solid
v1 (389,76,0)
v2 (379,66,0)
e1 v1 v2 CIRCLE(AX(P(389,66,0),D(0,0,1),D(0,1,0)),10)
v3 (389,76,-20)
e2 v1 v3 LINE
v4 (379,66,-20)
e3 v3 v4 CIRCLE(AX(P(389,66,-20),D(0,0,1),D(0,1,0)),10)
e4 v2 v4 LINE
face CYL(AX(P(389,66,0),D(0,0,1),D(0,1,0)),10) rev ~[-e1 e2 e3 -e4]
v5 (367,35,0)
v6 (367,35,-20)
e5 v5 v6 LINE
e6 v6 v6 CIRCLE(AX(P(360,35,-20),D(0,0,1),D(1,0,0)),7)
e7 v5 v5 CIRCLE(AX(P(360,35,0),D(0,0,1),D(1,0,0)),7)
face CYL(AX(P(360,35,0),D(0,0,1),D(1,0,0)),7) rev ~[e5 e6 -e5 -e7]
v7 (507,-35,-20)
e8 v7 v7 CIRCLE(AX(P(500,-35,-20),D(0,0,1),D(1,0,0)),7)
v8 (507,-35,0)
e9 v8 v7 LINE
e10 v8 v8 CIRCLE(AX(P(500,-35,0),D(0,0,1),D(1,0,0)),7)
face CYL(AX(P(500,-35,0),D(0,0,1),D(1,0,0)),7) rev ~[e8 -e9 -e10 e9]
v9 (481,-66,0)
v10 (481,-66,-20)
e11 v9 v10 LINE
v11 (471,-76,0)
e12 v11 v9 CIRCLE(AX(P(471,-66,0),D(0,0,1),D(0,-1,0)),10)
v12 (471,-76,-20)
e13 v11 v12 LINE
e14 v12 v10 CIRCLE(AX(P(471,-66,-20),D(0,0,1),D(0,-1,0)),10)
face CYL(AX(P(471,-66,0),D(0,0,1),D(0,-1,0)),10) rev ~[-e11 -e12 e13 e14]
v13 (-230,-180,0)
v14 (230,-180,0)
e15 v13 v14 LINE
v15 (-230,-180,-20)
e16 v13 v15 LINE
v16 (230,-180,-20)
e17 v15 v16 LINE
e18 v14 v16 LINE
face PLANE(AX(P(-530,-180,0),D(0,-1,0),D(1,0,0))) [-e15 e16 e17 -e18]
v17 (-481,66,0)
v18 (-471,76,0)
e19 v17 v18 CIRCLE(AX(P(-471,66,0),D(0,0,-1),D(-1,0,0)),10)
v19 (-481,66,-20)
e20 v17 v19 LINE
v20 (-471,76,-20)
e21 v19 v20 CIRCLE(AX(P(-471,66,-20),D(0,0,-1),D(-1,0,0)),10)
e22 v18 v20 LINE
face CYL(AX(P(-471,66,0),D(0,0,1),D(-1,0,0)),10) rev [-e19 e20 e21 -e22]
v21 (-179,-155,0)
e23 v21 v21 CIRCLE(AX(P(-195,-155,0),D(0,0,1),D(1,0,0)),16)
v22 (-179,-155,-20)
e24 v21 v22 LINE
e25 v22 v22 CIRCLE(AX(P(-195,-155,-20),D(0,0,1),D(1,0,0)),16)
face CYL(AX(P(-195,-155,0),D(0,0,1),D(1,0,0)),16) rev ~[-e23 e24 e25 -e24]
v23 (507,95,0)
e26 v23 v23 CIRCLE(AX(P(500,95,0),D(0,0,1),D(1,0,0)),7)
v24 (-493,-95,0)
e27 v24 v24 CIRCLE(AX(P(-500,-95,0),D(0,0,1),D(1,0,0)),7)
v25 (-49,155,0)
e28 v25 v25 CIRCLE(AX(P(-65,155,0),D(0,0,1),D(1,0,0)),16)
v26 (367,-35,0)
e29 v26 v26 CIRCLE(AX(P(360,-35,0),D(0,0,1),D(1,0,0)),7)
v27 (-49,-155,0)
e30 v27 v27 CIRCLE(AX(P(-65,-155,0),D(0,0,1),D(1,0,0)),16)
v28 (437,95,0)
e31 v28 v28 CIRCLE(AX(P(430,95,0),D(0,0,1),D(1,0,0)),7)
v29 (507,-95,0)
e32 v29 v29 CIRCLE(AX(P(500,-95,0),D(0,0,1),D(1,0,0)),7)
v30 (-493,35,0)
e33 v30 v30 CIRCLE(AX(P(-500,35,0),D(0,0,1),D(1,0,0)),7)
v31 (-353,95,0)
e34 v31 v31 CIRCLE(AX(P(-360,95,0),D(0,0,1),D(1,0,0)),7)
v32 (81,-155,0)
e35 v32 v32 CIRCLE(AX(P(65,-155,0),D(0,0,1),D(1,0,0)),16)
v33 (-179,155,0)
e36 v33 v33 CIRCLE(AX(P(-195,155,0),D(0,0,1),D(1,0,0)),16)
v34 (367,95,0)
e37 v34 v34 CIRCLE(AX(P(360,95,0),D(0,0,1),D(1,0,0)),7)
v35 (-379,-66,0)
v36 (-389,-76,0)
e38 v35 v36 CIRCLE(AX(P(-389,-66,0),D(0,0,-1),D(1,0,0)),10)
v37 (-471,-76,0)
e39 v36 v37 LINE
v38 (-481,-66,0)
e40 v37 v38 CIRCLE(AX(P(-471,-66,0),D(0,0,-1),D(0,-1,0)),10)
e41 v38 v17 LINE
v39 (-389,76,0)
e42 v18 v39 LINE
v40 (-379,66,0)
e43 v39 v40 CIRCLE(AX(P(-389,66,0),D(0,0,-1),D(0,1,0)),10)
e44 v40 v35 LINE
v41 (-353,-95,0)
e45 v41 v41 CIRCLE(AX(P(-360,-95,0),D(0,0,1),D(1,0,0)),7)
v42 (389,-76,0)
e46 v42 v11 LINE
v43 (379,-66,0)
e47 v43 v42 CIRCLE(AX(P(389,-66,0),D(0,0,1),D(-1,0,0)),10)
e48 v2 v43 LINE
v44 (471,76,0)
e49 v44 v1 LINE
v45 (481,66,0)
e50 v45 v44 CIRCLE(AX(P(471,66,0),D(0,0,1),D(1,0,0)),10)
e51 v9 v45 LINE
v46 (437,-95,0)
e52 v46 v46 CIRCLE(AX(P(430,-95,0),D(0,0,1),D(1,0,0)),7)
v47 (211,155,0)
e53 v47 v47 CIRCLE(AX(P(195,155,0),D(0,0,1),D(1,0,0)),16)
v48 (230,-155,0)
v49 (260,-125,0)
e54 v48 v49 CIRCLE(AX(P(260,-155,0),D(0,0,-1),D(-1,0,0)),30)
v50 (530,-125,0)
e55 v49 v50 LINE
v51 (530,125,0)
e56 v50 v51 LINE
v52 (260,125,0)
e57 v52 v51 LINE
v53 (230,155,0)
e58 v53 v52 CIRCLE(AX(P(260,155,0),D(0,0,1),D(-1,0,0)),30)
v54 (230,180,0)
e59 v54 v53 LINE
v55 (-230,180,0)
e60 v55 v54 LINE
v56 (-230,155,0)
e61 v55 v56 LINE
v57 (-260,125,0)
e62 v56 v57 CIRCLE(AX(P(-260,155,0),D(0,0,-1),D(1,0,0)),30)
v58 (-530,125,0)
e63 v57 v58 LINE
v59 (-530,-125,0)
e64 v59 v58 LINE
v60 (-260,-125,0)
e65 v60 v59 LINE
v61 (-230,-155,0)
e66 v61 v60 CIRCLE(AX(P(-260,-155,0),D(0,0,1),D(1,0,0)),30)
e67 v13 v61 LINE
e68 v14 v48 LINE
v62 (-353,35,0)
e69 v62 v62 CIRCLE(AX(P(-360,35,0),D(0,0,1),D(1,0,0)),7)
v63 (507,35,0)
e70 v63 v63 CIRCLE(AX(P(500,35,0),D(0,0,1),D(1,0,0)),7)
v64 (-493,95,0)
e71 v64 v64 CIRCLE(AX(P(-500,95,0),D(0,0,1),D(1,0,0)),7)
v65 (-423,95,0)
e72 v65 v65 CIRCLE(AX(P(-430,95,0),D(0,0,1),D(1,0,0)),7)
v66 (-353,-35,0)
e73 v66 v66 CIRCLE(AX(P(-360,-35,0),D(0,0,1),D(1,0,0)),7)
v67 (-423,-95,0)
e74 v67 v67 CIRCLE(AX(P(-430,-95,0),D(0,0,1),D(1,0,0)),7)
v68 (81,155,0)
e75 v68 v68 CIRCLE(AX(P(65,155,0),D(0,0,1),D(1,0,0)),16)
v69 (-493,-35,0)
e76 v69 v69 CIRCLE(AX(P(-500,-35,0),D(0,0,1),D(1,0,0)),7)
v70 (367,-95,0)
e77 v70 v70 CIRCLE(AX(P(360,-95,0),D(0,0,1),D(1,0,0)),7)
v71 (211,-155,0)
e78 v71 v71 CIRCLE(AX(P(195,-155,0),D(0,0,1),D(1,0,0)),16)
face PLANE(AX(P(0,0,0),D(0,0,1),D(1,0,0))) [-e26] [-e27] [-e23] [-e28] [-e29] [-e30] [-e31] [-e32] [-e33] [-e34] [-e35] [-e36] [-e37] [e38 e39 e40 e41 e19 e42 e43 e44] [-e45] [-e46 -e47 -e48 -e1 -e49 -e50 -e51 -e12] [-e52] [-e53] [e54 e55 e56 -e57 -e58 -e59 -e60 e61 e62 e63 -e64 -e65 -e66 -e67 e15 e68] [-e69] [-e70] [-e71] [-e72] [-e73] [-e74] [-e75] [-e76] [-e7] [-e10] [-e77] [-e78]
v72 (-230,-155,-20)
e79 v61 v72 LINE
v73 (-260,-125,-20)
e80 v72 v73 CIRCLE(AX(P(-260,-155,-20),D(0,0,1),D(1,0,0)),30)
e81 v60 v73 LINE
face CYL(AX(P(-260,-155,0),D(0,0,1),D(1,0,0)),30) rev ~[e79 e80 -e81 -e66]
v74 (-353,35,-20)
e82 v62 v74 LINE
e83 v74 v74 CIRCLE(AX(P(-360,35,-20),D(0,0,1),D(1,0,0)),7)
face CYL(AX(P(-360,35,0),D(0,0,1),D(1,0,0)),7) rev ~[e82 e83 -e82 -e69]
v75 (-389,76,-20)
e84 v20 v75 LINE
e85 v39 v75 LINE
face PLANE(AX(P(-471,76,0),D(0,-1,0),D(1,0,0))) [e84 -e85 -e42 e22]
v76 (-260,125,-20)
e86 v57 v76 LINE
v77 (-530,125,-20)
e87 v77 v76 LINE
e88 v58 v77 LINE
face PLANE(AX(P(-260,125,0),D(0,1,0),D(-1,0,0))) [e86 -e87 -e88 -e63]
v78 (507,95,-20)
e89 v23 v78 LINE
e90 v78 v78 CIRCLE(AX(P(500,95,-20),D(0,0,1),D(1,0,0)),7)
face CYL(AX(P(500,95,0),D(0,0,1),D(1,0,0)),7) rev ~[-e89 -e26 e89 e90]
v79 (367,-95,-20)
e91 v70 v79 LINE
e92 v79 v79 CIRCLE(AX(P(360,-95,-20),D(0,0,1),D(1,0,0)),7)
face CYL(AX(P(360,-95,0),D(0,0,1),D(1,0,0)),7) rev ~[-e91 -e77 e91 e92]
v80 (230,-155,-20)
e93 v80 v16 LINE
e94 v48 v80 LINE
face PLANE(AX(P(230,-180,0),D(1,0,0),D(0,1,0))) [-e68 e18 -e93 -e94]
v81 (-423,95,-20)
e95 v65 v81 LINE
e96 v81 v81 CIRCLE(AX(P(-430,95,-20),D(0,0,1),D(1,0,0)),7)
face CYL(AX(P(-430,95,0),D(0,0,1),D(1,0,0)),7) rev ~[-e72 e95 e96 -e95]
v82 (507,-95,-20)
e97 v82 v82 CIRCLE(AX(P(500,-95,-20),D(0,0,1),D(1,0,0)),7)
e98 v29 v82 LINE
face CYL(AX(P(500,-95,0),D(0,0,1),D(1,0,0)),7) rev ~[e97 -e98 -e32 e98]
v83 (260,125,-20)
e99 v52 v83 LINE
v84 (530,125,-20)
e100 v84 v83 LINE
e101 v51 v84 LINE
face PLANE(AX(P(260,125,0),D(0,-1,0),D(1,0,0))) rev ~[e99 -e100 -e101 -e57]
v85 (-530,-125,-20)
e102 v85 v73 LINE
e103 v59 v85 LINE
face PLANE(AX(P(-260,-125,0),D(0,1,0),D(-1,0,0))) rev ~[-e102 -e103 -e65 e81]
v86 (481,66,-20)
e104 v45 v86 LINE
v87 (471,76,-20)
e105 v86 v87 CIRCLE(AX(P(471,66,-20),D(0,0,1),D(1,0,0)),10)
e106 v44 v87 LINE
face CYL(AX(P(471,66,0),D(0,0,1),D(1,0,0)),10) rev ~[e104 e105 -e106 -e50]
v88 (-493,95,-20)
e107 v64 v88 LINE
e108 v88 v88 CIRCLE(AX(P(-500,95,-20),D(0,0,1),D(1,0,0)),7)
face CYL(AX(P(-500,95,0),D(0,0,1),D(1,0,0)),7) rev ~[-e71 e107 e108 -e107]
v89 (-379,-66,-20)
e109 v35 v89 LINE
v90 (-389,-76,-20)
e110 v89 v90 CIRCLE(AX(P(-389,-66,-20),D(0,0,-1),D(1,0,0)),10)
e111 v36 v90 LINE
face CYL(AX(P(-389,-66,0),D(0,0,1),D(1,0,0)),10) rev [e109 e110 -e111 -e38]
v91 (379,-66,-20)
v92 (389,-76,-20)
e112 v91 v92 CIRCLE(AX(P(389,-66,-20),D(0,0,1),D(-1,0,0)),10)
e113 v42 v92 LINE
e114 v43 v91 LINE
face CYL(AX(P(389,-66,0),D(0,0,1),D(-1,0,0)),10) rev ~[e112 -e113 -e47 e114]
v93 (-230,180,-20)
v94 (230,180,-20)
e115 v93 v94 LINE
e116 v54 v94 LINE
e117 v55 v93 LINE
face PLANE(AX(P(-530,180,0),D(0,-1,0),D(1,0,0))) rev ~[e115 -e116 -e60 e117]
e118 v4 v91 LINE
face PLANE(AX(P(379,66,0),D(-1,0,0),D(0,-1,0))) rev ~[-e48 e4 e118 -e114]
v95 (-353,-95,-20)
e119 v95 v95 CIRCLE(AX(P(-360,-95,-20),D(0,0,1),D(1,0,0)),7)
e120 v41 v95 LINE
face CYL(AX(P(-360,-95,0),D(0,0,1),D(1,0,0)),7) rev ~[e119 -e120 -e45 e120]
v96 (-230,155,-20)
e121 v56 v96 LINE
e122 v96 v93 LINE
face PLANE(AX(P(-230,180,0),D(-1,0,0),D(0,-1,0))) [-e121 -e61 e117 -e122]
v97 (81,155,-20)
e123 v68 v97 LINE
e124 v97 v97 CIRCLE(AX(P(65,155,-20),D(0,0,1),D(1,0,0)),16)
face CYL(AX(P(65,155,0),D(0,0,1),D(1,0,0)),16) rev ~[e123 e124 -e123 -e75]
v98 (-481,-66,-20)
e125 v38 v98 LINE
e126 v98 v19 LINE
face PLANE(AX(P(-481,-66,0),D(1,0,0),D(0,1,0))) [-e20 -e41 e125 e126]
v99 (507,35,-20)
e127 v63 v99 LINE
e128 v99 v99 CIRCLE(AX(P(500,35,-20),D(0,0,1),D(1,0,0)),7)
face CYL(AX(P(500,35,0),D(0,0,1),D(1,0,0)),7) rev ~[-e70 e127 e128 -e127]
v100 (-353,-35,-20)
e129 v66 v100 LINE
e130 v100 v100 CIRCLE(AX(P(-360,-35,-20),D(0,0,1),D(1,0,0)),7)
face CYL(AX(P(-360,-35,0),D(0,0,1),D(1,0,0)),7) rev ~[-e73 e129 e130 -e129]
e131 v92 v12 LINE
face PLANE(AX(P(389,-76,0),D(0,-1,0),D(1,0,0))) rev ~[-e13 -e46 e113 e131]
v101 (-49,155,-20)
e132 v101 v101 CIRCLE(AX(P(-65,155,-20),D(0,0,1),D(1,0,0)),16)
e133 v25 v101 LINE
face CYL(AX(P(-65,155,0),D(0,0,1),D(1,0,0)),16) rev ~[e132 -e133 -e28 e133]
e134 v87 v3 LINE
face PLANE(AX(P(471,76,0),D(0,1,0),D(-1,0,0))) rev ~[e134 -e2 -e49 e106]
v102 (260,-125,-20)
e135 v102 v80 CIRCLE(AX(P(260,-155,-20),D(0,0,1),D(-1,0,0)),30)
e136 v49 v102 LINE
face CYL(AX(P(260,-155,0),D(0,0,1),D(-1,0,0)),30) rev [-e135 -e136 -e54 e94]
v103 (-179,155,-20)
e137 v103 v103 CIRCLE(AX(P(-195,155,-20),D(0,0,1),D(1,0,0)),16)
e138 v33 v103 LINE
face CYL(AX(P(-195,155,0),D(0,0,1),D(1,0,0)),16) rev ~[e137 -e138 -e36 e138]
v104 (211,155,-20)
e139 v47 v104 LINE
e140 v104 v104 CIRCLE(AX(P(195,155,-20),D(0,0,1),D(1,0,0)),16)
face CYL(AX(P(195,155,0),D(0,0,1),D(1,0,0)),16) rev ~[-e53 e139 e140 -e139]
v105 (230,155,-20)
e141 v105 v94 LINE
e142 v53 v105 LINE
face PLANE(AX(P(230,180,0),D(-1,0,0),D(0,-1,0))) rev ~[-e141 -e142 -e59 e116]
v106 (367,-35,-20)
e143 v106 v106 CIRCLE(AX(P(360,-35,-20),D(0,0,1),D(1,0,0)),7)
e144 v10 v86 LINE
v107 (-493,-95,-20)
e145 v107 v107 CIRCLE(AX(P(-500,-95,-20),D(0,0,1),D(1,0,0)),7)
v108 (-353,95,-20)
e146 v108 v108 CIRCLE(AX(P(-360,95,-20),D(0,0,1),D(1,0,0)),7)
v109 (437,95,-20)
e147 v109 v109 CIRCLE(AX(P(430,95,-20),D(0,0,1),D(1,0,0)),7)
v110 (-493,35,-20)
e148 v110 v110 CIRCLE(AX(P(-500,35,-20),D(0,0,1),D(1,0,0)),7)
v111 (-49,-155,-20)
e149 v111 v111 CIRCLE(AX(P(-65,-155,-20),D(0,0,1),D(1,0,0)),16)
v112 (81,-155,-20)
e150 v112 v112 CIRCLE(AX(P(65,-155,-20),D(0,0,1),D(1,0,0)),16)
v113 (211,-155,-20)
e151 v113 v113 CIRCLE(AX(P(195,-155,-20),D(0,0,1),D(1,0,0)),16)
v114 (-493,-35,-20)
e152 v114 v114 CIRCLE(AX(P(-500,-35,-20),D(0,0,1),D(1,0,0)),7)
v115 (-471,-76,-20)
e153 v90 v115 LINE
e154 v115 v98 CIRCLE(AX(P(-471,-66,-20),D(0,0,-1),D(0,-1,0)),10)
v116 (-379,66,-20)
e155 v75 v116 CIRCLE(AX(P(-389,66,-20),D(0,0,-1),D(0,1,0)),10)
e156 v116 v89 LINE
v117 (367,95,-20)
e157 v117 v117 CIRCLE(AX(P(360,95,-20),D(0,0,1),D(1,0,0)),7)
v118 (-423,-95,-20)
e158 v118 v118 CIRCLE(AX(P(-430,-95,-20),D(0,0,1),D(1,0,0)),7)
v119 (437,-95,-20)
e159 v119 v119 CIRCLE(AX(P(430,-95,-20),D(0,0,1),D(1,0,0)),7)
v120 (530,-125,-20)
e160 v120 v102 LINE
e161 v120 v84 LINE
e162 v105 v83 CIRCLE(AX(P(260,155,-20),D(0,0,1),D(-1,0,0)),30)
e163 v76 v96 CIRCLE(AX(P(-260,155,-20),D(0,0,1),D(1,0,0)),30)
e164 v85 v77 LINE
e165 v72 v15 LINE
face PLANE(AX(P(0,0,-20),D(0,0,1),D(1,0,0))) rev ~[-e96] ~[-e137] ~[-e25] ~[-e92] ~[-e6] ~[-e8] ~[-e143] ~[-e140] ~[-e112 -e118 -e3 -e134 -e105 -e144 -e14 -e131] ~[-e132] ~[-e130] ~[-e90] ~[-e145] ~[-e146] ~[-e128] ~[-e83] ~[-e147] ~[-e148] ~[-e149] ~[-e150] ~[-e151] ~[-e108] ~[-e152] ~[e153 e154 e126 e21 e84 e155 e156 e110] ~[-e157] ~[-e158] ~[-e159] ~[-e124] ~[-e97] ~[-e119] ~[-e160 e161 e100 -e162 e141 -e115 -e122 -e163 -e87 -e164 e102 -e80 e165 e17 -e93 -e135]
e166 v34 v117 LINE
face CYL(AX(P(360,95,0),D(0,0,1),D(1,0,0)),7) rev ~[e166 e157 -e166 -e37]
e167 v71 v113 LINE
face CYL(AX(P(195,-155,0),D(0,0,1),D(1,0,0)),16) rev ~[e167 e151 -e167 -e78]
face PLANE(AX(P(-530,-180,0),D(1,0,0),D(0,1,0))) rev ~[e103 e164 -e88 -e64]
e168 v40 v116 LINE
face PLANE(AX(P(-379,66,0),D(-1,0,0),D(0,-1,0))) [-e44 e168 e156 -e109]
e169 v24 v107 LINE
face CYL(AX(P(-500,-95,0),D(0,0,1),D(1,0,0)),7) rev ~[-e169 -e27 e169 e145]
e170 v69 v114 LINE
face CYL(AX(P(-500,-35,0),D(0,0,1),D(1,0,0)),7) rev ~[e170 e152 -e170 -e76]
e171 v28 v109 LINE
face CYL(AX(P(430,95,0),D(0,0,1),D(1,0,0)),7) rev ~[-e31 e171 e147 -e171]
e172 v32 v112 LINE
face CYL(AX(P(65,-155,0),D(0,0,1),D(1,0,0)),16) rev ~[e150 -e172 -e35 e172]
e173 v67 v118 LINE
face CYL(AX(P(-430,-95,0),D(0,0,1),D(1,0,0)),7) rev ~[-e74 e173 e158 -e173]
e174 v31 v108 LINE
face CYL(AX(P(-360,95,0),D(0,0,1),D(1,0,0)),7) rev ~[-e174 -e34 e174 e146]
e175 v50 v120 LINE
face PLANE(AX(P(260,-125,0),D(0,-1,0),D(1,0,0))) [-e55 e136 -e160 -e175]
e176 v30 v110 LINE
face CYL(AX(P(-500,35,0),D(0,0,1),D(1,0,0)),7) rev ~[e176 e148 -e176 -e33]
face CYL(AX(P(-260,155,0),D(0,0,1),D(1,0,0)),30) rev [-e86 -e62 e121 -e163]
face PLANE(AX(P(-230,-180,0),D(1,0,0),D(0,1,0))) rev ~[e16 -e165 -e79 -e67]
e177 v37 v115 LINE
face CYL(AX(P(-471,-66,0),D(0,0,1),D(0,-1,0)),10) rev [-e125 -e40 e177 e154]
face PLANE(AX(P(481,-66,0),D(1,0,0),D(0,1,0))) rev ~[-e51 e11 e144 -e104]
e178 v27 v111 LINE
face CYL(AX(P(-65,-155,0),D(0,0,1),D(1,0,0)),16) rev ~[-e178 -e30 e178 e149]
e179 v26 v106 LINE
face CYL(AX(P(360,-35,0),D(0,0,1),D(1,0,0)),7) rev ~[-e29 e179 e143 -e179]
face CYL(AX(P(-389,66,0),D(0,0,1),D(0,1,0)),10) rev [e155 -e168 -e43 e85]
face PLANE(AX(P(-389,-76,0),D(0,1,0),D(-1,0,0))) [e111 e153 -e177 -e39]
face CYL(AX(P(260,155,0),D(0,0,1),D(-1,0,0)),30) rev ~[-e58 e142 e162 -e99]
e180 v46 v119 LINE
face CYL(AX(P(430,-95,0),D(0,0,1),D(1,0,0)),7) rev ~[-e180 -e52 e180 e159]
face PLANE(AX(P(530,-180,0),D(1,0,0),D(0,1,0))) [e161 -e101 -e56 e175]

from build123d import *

# Parameters (mm, degrees)
SKETCH_1_W          = 1060
SKETCH_1_H          = 360
EXTRUDE_1_DEPTH     = 20
CUT_EXTRUDE_1_REACH = 562.089
SKETCH_3_R          = 16
SKETCH_3_R_2        = 7
CUT_EXTRUDE_2_DEPTH = 20


with BuildPart() as part:
    # 草图1 → 凸台-拉伸1 (new body)
    with BuildSketch(Plane.XY):
        Rectangle(SKETCH_1_W, SKETCH_1_H)
    extrude(amount=-EXTRUDE_1_DEPTH)

    # 草图2 → 切除-拉伸1 (cut, up to next)
    with BuildSketch(Plane.XY, mode=Mode.PRIVATE) as cut_extrude_1_sk1:
        with BuildLine():
            Line((-530, 180), (-230, 180))
            Line((-230, 180), (-230, 155))
            ThreePointArc((-230, 155), (-238.786796564, 133.786796564), (-260, 125))
            Line((-260, 125), (-530, 125))
            Line((-530, 125), (-530, 180))
        make_face()
    cut_extrude_1_tool1 = extrude(cut_extrude_1_sk1.sketch, amount=-CUT_EXTRUDE_1_REACH, mode=Mode.PRIVATE) & part.part
    # 草图2 → 切除-拉伸1 (cut, up to next)
    with BuildSketch(Plane.XY, mode=Mode.PRIVATE) as cut_extrude_1_sk2:
        with BuildLine():
            Line((230, 180), (230, 155))
            ThreePointArc((230, 155), (238.786796564, 133.786796564), (260, 125))
            Line((260, 125), (530, 125))
            Line((530, 125), (530, 180))
            Line((530, 180), (230, 180))
        make_face()
    cut_extrude_1_tool2 = extrude(cut_extrude_1_sk2.sketch, amount=-CUT_EXTRUDE_1_REACH, mode=Mode.PRIVATE) & part.part
    # 草图2 → 切除-拉伸1 (cut, up to next)
    with BuildSketch(Plane.XY, mode=Mode.PRIVATE) as cut_extrude_1_sk3:
        with BuildLine():
            Line((530, -180), (230, -180))
            Line((230, -180), (230, -155))
            ThreePointArc((230, -155), (238.786796564, -133.786796564), (260, -125))
            Line((260, -125), (530, -125))
            Line((530, -125), (530, -180))
        make_face()
    cut_extrude_1_tool3 = extrude(cut_extrude_1_sk3.sketch, amount=-CUT_EXTRUDE_1_REACH, mode=Mode.PRIVATE) & part.part
    # 草图2 → 切除-拉伸1 (cut, up to next)
    with BuildSketch(Plane.XY, mode=Mode.PRIVATE) as cut_extrude_1_sk4:
        with BuildLine():
            Line((-230, -180), (-230, -155))
            ThreePointArc((-230, -155), (-238.786796564, -133.786796564), (-260, -125))
            Line((-260, -125), (-530, -125))
            Line((-530, -125), (-530, -180))
            Line((-530, -180), (-230, -180))
        make_face()
    cut_extrude_1_tool4 = extrude(cut_extrude_1_sk4.sketch, amount=-CUT_EXTRUDE_1_REACH, mode=Mode.PRIVATE) & part.part
    add(cut_extrude_1_tool1.solids().sort_by_distance((-381.697261, 152.746347, 0))[0], mode=Mode.SUBTRACT)
    add(cut_extrude_1_tool2.solids().sort_by_distance((381.697261, 152.746347, 0))[0], mode=Mode.SUBTRACT)
    add(cut_extrude_1_tool3.solids().sort_by_distance((381.697261, -152.746347, 0))[0], mode=Mode.SUBTRACT)
    add(cut_extrude_1_tool4.solids().sort_by_distance((-381.697261, -152.746347, 0))[0], mode=Mode.SUBTRACT)

    # 草图3 → 切除-拉伸2 (cut)
    with BuildSketch(Plane.XY):
        with Locations((-195, 155)):
            Circle(SKETCH_3_R)
        with Locations((-65, 155)):
            Circle(SKETCH_3_R)
        with Locations((65, 155)):
            Circle(SKETCH_3_R)
        with Locations((195, 155)):
            Circle(SKETCH_3_R)
        with Locations((195, -155)):
            Circle(SKETCH_3_R)
        with Locations((65, -155)):
            Circle(SKETCH_3_R)
        with Locations((-65, -155)):
            Circle(SKETCH_3_R)
        with Locations((-195, -155)):
            Circle(SKETCH_3_R)
        with Locations((-500, 95)):
            Circle(SKETCH_3_R_2)
        with Locations((-430, 95)):
            Circle(SKETCH_3_R_2)
        with Locations((-360, 95)):
            Circle(SKETCH_3_R_2)
        with Locations((-500, 35)):
            Circle(SKETCH_3_R_2)
        with Locations((-500, -35)):
            Circle(SKETCH_3_R_2)
        with Locations((-500, -95)):
            Circle(SKETCH_3_R_2)
        with Locations((-360, 35)):
            Circle(SKETCH_3_R_2)
        with Locations((-360, -35)):
            Circle(SKETCH_3_R_2)
        with Locations((-360, -95)):
            Circle(SKETCH_3_R_2)
        with Locations((-430, -95)):
            Circle(SKETCH_3_R_2)
        with Locations((430, -95)):
            Circle(SKETCH_3_R_2)
        with Locations((360, -95)):
            Circle(SKETCH_3_R_2)
        with Locations((360, -35)):
            Circle(SKETCH_3_R_2)
        with Locations((360, 35)):
            Circle(SKETCH_3_R_2)
        with Locations((500, -95)):
            Circle(SKETCH_3_R_2)
        with Locations((500, -35)):
            Circle(SKETCH_3_R_2)
        with Locations((500, 35)):
            Circle(SKETCH_3_R_2)
        with Locations((360, 95)):
            Circle(SKETCH_3_R_2)
        with Locations((430, 95)):
            Circle(SKETCH_3_R_2)
        with Locations((500, 95)):
            Circle(SKETCH_3_R_2)
        with BuildLine():
            Line((-471, 76), (-389, 76))
            ThreePointArc((-389, 76), (-381.928932188, 73.071067812), (-379, 66))
            Line((-379, 66), (-379, -66))
            ThreePointArc((-379, -66), (-381.928932188, -73.071067812), (-389, -76))
            Line((-389, -76), (-471, -76))
            ThreePointArc((-471, -76), (-478.071067812, -73.071067812), (-481, -66))
            Line((-481, -66), (-481, 66))
            ThreePointArc((-481, 66), (-478.071067812, 73.071067812), (-471, 76))
        make_face()
        with BuildLine():
            Line((379, 66), (379, -66))
            ThreePointArc((379, -66), (381.928932188, -73.071067812), (389, -76))
            Line((389, -76), (471, -76))
            ThreePointArc((471, -76), (478.071067812, -73.071067812), (481, -66))
            Line((481, -66), (481, 66))
            ThreePointArc((481, 66), (478.071067812, 73.071067812), (471, 76))
            Line((471, 76), (389, 76))
            ThreePointArc((389, 76), (381.928932188, 73.071067812), (379, 66))
        make_face()
    extrude(amount=-CUT_EXTRUDE_2_DEPTH, mode=Mode.SUBTRACT)


solid = part.part
